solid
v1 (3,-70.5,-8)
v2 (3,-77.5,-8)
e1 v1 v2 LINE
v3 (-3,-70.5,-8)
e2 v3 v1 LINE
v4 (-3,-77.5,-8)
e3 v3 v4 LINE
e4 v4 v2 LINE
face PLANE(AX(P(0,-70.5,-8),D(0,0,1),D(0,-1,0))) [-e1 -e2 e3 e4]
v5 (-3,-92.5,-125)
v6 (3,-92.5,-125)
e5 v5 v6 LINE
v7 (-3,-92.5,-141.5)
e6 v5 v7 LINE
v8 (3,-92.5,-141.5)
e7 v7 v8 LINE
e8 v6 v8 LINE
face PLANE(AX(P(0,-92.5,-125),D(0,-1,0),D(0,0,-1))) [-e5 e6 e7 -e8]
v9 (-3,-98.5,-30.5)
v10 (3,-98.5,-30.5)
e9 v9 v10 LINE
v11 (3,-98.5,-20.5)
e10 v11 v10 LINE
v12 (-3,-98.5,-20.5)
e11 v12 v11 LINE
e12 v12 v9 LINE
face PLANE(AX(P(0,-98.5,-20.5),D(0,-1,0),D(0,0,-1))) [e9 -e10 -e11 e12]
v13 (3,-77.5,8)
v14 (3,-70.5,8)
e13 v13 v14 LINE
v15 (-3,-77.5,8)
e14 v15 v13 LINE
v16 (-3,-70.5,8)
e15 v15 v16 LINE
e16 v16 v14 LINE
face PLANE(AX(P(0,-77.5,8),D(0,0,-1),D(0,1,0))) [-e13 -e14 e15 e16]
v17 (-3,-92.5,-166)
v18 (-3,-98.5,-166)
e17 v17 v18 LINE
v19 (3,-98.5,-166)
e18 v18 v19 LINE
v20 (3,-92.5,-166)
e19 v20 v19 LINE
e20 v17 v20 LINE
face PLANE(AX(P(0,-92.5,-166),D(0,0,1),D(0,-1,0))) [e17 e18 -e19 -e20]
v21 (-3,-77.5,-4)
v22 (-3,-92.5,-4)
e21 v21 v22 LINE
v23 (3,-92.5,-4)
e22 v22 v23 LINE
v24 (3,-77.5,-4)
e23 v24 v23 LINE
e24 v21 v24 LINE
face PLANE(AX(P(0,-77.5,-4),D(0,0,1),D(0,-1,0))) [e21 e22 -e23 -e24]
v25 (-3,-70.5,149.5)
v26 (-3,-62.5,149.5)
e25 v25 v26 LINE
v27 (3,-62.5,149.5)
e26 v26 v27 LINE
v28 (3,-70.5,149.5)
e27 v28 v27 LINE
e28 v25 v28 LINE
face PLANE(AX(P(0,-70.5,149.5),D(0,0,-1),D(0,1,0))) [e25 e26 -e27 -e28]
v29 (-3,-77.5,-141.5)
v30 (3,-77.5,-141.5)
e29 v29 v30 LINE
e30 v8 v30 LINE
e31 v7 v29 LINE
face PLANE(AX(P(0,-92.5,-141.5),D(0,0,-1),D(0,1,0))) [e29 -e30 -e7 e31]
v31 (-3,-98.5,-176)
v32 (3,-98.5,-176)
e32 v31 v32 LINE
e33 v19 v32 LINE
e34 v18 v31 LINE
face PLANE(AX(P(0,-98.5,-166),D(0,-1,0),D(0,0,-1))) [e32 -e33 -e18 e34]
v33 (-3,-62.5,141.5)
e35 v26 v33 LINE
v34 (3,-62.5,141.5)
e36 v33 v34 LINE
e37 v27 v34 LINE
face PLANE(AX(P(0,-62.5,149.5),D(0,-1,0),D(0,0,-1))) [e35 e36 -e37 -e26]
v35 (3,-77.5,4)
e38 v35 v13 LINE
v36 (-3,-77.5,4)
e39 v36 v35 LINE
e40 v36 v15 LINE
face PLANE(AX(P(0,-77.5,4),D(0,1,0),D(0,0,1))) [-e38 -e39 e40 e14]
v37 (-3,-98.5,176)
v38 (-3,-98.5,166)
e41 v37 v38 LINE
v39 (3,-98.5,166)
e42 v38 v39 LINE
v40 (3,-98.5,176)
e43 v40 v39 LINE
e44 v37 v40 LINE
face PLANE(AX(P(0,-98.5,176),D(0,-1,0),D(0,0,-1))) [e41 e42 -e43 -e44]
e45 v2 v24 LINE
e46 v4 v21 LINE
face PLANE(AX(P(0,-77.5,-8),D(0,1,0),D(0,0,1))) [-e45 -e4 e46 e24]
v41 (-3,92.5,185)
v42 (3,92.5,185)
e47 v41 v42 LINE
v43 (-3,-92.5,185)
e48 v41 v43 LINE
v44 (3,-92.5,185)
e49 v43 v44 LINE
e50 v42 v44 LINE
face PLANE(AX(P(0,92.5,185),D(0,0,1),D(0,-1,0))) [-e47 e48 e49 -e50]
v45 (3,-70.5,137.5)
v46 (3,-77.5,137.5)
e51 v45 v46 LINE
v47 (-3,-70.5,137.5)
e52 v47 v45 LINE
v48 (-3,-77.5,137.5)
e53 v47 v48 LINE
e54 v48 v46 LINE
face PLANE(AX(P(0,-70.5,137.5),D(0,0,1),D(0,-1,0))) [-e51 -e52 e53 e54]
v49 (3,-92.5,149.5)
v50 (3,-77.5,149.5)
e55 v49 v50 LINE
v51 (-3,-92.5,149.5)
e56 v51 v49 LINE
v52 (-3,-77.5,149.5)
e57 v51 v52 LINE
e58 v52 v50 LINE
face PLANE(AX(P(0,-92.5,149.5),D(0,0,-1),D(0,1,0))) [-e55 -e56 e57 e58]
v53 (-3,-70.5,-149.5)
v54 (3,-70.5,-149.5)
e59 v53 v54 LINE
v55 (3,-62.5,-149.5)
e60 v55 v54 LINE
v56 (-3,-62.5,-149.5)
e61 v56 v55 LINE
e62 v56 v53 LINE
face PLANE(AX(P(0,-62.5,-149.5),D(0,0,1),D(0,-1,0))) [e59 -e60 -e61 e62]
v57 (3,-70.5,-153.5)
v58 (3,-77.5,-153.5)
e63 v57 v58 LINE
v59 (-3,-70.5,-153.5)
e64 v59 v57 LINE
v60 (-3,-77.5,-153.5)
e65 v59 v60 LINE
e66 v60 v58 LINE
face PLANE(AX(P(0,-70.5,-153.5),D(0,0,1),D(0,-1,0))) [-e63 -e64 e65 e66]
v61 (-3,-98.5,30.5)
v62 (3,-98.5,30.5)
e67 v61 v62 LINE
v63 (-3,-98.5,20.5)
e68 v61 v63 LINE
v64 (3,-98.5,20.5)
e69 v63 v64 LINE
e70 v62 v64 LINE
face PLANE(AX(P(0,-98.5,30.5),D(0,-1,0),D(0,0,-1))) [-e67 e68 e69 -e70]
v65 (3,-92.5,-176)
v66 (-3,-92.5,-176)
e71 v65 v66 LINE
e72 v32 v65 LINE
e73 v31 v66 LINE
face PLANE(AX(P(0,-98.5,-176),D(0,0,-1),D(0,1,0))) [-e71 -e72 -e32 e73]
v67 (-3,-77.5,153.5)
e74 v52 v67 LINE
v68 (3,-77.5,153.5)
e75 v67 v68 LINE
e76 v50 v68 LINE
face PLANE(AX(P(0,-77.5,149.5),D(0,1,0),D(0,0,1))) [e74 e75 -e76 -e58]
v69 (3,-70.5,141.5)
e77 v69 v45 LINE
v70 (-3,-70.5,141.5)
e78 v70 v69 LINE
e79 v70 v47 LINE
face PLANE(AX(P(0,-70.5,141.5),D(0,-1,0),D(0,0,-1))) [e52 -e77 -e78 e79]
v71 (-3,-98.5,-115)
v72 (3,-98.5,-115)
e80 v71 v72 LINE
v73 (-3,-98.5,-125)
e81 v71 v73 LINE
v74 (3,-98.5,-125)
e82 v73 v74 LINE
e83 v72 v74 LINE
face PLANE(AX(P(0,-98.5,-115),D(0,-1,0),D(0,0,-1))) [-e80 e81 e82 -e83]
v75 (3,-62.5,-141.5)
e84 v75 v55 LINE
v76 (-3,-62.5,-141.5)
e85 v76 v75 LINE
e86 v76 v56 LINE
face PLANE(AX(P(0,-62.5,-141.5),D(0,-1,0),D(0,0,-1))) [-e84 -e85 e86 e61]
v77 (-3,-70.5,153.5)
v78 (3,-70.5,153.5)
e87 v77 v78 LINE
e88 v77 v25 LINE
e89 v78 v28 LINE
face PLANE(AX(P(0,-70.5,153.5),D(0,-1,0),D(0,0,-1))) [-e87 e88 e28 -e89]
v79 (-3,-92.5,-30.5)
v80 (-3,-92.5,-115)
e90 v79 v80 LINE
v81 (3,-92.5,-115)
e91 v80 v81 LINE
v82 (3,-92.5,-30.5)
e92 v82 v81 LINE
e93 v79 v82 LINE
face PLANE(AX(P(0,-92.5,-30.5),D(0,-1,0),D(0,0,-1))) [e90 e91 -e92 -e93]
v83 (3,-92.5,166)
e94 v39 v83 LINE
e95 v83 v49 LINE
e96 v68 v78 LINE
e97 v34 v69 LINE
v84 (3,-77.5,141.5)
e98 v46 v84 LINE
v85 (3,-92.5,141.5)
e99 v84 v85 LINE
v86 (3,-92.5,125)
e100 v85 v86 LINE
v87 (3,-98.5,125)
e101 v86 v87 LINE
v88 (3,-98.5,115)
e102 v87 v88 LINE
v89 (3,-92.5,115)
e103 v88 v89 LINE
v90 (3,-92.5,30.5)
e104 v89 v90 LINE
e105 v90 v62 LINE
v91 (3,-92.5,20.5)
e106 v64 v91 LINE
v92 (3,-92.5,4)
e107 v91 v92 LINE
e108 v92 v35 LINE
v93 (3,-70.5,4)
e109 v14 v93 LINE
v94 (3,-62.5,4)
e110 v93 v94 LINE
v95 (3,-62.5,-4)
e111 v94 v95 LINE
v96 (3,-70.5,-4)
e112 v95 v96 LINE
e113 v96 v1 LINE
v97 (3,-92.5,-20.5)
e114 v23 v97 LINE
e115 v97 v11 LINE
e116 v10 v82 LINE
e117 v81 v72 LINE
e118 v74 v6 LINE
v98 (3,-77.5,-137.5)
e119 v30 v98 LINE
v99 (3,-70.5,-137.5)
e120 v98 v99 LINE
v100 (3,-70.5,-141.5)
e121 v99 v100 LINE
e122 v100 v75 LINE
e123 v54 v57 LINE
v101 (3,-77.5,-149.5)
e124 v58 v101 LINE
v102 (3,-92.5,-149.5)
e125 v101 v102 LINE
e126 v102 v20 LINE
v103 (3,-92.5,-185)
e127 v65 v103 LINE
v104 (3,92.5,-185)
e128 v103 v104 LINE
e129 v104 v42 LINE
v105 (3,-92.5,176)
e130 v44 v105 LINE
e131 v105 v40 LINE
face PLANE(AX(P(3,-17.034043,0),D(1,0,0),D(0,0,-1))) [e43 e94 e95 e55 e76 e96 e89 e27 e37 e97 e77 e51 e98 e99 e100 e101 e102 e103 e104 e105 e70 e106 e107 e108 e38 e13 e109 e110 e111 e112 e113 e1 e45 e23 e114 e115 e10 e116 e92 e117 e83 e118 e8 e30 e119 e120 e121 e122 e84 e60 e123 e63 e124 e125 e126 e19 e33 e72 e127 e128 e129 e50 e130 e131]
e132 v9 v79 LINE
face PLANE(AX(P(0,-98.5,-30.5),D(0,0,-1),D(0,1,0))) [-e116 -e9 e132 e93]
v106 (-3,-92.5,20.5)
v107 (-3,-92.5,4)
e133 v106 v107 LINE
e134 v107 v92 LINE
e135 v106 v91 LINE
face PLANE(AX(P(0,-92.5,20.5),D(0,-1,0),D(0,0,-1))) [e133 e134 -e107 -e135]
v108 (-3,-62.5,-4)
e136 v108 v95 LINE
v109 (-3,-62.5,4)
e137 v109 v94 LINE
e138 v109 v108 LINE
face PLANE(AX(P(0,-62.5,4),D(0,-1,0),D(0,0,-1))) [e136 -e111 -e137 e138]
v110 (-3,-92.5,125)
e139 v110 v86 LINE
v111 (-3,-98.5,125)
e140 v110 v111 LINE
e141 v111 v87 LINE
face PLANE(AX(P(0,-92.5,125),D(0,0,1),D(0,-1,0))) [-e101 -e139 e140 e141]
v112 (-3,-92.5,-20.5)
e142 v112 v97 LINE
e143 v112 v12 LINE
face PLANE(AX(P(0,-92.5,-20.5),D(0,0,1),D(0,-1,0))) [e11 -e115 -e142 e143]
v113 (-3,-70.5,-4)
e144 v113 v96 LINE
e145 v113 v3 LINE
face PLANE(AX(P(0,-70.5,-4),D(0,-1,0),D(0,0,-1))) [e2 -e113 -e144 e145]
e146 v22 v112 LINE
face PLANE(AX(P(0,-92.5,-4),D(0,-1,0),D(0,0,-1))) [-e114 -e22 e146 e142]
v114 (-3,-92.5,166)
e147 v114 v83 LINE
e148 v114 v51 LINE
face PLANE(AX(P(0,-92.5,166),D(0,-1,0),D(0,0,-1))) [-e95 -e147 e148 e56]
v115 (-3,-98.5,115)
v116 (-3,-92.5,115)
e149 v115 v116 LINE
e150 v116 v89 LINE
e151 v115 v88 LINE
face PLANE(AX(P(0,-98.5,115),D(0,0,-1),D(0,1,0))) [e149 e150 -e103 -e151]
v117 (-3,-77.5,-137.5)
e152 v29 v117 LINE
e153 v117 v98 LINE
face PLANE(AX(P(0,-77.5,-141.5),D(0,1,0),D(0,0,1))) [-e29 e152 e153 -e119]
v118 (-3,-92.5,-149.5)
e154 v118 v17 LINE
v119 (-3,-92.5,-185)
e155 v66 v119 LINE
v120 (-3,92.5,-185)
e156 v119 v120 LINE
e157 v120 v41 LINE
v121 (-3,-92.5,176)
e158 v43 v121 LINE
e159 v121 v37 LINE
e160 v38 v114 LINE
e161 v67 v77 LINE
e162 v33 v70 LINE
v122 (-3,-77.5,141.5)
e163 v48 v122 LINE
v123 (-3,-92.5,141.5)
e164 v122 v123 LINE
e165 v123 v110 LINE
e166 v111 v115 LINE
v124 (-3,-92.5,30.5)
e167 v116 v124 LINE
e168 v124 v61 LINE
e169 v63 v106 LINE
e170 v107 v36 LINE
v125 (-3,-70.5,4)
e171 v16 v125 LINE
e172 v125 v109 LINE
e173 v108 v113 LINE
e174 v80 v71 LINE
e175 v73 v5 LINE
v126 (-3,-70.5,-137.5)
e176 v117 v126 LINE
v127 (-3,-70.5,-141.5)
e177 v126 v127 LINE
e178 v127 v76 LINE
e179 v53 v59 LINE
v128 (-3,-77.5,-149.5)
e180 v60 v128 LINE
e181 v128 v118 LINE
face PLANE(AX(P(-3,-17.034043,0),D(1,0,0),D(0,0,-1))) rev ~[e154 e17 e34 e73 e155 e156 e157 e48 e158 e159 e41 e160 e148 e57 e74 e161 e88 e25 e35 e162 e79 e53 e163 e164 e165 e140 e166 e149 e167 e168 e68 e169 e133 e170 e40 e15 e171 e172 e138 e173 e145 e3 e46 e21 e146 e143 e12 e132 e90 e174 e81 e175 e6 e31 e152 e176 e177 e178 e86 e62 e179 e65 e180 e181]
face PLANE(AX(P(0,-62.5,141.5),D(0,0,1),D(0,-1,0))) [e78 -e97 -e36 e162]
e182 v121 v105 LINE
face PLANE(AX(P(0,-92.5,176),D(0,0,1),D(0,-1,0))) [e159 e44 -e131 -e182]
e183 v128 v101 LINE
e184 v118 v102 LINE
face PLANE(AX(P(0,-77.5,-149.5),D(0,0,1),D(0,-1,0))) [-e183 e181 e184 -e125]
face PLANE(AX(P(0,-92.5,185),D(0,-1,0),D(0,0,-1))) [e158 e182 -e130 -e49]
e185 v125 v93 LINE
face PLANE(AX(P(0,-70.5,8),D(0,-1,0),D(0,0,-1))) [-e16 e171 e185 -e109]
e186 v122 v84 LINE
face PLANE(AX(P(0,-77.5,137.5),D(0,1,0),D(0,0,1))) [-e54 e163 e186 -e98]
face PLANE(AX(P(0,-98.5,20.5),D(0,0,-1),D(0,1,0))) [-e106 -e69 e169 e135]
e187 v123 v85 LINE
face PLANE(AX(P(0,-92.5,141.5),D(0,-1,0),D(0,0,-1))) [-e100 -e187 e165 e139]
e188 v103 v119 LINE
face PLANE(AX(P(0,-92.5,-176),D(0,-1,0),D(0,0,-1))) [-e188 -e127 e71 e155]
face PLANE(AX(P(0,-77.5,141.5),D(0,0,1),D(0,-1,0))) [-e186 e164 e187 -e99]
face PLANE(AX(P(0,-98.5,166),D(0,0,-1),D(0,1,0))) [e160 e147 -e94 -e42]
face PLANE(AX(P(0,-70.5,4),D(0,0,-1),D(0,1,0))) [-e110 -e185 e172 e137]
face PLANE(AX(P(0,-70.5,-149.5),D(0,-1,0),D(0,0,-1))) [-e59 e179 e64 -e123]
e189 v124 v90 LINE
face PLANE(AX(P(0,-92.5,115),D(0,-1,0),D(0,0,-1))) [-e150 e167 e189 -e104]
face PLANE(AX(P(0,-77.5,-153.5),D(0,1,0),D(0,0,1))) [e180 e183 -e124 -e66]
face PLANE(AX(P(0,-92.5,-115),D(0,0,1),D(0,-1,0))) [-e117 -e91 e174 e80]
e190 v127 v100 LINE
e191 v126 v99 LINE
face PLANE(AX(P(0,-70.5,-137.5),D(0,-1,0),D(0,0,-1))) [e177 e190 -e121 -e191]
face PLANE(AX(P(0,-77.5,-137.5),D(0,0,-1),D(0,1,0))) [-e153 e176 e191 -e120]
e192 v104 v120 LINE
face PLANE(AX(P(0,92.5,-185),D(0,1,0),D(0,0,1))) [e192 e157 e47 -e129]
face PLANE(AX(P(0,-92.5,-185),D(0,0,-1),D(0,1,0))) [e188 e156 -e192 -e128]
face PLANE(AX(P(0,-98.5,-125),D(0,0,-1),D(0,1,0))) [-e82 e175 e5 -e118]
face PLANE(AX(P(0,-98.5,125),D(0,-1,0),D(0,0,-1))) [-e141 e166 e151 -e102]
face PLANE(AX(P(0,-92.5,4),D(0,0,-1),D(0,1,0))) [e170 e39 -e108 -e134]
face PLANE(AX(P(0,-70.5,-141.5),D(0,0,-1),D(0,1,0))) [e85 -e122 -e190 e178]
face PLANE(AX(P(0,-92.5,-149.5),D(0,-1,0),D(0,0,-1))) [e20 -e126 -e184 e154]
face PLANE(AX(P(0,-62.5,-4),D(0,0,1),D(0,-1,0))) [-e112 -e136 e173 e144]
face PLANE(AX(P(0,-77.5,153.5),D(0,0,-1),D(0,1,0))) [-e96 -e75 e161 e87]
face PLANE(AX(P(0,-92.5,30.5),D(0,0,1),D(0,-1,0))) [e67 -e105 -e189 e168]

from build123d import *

# Parameters (mm, degrees)
BOSS_EXTRUDE1_DEPTH = 3


with BuildPart() as part:
    # Sketch1 → Boss-Extrude1 (new, symmetric)
    with BuildSketch(Plane(origin=(0, 0, 0), x_dir=(0, 0, -1), z_dir=(1, 0, 0))):
        Polygon((185, 92.5), (-185, 92.5), (-185, -92.5), (-176, -92.5), (-176, -98.5), (-166, -98.5), (-166, -92.5), (-149.5, -92.5), (-149.5, -77.5), (-153.5, -77.5), (-153.5, -70.5), (-149.5, -70.5), (-149.5, -62.5), (-141.5, -62.5), (-141.5, -70.5), (-137.5, -70.5), (-137.5, -77.5), (-141.5, -77.5), (-141.5, -92.5), (-125, -92.5), (-125, -98.5), (-115, -98.5), (-115, -92.5), (-30.5, -92.5), (-30.5, -98.5), (-20.5, -98.5), (-20.5, -92.5), (-4, -92.5), (-4, -77.5), (-8, -77.5), (-8, -70.5), (-4, -70.5), (-4, -62.5), (4, -62.5), (4, -70.5), (8, -70.5), (8, -77.5), (4, -77.5), (4, -92.5), (20.5, -92.5), (20.5, -98.5), (30.5, -98.5), (30.5, -92.5), (115, -92.5), (115, -98.5), (125, -98.5), (125, -92.5), (141.5, -92.5), (141.5, -77.5), (137.5, -77.5), (137.5, -70.5), (141.5, -70.5), (141.5, -62.5), (149.5, -62.5), (149.5, -70.5), (153.5, -70.5), (153.5, -77.5), (149.5, -77.5), (149.5, -92.5), (166, -92.5), (166, -98.5), (176, -98.5), (176, -92.5), (185, -92.5), align=None)
    extrude(amount=BOSS_EXTRUDE1_DEPTH, both=True)


solid = part.part
